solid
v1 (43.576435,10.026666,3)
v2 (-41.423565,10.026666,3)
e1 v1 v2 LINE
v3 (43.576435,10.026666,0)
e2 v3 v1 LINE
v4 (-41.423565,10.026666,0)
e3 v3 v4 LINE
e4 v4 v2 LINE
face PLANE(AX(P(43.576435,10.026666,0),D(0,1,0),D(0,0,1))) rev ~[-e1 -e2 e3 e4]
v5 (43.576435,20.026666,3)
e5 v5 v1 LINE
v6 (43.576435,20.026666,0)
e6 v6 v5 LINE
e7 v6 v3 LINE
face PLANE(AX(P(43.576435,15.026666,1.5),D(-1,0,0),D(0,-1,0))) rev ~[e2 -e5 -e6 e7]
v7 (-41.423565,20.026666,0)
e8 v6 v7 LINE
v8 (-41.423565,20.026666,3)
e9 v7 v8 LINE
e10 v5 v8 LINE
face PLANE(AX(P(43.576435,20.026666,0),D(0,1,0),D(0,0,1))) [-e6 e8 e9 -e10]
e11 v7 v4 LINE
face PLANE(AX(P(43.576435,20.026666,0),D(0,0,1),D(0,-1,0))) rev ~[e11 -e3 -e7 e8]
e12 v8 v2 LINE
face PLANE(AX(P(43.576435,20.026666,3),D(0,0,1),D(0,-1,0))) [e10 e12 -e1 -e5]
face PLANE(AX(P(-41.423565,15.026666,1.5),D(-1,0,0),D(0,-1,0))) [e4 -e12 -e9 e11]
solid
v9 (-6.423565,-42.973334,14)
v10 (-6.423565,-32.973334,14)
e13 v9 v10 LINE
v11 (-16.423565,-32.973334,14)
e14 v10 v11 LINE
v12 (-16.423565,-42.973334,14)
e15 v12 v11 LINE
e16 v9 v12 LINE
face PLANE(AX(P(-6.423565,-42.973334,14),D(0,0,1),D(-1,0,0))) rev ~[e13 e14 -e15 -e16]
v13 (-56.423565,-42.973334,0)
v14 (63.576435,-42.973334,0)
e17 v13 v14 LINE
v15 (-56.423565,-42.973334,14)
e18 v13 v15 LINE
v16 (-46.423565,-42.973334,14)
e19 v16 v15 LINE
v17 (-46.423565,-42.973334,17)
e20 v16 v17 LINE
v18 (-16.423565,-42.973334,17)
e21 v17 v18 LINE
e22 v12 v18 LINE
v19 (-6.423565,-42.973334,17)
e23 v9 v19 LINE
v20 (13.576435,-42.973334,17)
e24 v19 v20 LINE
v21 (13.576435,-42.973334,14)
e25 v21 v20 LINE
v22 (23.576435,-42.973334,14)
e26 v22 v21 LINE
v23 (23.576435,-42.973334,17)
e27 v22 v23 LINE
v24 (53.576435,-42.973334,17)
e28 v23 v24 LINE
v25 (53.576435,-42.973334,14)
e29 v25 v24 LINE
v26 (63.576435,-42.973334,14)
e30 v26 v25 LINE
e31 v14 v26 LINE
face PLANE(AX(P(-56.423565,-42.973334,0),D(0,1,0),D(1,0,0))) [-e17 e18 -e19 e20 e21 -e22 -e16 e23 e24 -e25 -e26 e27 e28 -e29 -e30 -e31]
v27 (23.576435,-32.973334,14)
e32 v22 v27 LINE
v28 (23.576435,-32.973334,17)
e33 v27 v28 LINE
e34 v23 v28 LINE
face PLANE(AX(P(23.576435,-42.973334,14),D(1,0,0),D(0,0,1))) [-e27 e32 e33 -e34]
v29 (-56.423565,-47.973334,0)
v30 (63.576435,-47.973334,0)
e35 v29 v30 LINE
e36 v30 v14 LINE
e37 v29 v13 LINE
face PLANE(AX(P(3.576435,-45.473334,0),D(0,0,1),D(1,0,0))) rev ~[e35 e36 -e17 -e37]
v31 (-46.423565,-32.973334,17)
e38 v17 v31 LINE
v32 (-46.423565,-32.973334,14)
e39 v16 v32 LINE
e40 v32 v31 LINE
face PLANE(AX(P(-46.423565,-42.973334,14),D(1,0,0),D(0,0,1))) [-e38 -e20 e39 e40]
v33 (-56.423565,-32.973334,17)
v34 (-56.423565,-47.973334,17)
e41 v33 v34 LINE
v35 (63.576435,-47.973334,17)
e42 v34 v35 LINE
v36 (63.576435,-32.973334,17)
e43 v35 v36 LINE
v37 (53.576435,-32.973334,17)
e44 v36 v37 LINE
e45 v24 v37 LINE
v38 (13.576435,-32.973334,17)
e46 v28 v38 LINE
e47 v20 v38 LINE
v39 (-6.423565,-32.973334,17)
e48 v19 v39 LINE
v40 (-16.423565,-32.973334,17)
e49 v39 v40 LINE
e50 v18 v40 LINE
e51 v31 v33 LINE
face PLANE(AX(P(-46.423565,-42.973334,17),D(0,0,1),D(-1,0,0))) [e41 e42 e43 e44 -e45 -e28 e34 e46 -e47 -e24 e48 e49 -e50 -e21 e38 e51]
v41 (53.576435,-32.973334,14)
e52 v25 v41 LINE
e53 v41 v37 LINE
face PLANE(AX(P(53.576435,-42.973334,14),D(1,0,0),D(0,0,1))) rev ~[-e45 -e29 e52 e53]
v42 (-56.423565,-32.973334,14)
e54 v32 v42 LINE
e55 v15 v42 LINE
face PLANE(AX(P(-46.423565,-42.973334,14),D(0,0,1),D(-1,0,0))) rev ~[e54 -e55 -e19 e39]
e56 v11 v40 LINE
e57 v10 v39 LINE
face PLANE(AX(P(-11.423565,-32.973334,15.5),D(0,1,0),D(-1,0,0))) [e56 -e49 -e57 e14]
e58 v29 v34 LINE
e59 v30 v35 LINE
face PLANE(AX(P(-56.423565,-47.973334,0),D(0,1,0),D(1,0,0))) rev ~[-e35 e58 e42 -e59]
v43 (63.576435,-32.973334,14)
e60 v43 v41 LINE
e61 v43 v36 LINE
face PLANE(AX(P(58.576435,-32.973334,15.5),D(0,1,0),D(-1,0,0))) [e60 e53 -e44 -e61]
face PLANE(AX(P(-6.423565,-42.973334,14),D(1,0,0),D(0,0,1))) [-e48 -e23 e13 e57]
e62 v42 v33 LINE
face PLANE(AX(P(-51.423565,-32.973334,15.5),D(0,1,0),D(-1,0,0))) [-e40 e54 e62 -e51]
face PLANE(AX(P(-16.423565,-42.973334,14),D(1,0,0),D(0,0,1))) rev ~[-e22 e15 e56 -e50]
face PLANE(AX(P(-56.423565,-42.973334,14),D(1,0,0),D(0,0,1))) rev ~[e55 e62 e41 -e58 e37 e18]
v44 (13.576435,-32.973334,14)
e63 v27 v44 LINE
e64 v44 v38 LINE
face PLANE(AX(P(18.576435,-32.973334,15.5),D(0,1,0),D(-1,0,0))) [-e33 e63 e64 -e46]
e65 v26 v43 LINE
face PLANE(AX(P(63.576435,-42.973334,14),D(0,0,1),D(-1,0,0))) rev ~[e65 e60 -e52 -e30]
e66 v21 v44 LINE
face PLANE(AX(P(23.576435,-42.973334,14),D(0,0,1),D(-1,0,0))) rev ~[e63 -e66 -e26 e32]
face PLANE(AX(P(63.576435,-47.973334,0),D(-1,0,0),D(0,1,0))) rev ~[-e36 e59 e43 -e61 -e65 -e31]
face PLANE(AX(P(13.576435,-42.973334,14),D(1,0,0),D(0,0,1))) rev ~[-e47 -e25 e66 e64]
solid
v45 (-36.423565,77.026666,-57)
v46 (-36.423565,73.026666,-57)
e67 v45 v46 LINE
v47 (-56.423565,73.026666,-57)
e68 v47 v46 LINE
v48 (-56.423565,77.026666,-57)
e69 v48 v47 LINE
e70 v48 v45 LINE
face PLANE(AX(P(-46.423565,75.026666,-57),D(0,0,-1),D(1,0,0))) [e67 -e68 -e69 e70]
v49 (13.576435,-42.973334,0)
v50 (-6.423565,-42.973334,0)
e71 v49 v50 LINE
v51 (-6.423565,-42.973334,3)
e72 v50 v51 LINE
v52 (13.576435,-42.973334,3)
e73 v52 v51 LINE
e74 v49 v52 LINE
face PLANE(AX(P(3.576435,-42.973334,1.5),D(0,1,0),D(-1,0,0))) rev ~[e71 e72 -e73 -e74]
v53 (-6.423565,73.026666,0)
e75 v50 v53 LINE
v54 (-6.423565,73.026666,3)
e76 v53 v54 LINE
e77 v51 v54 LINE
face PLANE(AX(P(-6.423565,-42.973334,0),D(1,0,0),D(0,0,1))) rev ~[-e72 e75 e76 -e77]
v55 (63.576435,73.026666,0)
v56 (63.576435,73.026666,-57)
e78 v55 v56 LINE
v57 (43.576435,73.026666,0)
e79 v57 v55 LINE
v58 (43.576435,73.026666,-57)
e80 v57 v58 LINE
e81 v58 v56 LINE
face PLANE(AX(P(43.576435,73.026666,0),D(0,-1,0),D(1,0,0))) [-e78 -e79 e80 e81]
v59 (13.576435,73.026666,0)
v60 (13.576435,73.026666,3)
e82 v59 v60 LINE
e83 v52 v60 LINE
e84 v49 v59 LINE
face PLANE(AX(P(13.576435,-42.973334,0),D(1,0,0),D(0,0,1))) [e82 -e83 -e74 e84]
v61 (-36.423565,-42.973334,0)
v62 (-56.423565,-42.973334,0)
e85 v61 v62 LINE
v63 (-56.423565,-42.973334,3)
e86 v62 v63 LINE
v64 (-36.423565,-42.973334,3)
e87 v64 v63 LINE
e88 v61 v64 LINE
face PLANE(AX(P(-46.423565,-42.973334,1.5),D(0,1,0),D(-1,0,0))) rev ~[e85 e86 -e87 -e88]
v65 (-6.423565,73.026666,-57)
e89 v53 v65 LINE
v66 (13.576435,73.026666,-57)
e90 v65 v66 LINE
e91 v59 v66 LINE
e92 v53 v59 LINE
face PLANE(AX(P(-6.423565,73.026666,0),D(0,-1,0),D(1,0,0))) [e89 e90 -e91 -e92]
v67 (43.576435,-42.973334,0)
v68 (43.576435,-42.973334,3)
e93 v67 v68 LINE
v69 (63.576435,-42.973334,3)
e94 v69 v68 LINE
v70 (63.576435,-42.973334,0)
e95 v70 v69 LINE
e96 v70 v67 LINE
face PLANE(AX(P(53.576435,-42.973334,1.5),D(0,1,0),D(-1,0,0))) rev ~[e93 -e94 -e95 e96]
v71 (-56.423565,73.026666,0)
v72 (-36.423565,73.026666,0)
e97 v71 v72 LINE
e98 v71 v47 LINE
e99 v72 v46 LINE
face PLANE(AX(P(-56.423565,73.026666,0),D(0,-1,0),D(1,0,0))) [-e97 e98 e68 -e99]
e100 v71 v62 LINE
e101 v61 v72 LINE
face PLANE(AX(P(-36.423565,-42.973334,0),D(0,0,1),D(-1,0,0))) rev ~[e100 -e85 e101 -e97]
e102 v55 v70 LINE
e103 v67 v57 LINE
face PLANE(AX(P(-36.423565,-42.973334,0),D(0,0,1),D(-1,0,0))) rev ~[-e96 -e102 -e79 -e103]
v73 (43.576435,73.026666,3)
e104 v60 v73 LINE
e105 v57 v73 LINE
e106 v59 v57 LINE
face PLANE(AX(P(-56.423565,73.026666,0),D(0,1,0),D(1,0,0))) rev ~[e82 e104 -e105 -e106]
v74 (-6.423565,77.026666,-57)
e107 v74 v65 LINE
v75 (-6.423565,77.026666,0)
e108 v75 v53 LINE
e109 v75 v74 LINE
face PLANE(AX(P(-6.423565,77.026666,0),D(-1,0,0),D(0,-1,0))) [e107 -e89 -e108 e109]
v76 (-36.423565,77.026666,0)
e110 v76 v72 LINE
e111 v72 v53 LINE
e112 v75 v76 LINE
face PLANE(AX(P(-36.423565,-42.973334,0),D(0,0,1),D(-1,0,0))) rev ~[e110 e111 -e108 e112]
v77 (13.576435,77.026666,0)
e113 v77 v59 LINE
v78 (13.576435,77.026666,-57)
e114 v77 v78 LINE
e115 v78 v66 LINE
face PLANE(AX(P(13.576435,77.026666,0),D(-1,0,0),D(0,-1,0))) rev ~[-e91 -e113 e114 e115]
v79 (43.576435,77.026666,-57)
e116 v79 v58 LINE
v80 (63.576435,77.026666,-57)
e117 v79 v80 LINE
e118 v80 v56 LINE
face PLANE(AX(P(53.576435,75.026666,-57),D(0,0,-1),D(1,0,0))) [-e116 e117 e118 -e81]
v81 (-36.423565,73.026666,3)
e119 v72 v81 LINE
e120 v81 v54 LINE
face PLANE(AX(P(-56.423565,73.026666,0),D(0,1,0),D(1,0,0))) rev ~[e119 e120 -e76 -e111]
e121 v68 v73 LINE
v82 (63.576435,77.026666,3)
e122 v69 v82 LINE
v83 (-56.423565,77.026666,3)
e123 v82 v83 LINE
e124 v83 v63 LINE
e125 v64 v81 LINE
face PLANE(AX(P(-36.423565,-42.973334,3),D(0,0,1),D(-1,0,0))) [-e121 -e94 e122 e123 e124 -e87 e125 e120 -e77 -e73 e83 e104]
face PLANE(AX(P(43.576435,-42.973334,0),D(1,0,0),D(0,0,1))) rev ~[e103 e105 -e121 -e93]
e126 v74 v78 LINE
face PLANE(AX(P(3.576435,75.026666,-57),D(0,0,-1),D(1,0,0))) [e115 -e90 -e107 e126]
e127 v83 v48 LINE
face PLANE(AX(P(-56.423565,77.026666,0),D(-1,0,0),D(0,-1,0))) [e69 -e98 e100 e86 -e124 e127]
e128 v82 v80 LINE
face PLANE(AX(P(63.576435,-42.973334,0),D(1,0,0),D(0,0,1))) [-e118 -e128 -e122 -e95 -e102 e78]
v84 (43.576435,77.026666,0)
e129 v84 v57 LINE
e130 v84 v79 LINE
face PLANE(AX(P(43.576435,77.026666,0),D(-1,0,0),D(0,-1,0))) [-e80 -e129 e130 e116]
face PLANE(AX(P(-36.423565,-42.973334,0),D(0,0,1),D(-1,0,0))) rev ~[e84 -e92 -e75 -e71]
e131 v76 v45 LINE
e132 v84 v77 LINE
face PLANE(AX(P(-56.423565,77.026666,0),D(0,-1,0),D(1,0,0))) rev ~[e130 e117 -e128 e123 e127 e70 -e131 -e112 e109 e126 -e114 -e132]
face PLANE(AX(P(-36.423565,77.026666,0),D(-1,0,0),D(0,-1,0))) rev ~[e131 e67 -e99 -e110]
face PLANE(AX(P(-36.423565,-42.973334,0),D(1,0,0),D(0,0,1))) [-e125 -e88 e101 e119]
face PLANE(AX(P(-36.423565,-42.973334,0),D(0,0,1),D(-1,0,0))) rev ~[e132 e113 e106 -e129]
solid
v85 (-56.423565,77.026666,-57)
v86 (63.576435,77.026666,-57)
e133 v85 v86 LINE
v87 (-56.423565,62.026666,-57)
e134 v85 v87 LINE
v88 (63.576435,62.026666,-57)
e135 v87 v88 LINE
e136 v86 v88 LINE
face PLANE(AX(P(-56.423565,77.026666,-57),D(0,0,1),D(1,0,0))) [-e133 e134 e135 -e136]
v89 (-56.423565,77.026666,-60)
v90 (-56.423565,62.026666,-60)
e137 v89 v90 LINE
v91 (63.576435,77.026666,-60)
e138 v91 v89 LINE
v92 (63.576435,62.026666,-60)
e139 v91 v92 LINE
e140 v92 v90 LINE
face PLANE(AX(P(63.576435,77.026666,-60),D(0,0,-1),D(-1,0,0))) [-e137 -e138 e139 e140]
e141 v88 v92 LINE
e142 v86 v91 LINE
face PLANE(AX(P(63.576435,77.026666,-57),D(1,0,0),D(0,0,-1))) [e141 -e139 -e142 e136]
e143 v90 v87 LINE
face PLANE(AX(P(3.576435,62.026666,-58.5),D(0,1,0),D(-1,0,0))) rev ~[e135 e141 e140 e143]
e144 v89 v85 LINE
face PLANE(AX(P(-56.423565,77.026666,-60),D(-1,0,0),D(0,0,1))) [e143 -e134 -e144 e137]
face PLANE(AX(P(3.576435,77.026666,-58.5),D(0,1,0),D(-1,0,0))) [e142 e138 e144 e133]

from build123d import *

# Parameters (mm, degrees)
F0_W      = 120
F0_H      = 5
F1_DEPTH  = 17
F2_W      = 10
F2_H      = 3
F3_DEPTH  = 10
F4_W      = 20
F4_H      = 3
F5_DEPTH  = 120
F6_W      = 120
F6_H      = 4
F7_DEPTH  = 3
F8_W      = 20
F8_H      = 4
F9_DEPTH  = 57
F11_DEPTH = 15
F12_W     = 10
F12_H     = 3
F13_DEPTH = 85


with BuildPart() as f1:
    # F0 (on Top) → F1 (new body)
    with BuildSketch(Plane.XY):
        with Locations((3.5764351487, -45.4733344002)):
            Rectangle(F0_W, F0_H)
    extrude(amount=F1_DEPTH)

    # F2 (on face) → F3 (join)
    with BuildSketch(Plane(origin=(0, -42.9733344002, 0), x_dir=(-1, 0, 0), z_dir=(0, 1, 0))):
        with Locations((51.4235648513, 15.5)):
            Rectangle(F2_W, F2_H)
        with Locations((-58.5764351487, 15.5)):
            Rectangle(F2_W, F2_H)
        with Locations((11.4235648513, 15.5)):
            Rectangle(F2_W, F2_H)
        with Locations((-18.5764351487, 15.5)):
            Rectangle(F2_W, F2_H)
    extrude(amount=F3_DEPTH)


with BuildPart() as f5:
    # F4 (on face) → F5 (new body)
    with BuildSketch(Plane(origin=(0, -42.9733344002, 0), x_dir=(-1, 0, 0), z_dir=(0, 1, 0))):
        with Locations((46.4235648513, 1.5)):
            Rectangle(F4_W, F4_H)
    extrude(amount=F5_DEPTH)



with BuildPart() as f5b:
    # F4 (on face) → F5, piece 2 (new body)
    with BuildSketch(Plane(origin=(0, -42.9733344002, 0), x_dir=(-1, 0, 0), z_dir=(0, 1, 0))):
        with Locations((-3.5764351487, 1.5)):
            Rectangle(F4_W, F4_H)
    extrude(amount=F5_DEPTH)


with BuildPart() as f5c:
    # F4 (on face) → F5, piece 3 (new body)
    with BuildSketch(Plane(origin=(0, -42.9733344002, 0), x_dir=(-1, 0, 0), z_dir=(0, 1, 0))):
        with Locations((-53.5764351487, 1.5)):
            Rectangle(F4_W, F4_H)
    extrude(amount=F5_DEPTH)


with BuildPart() as f5_1:
    add(f5.part)

    add(f5b.part)  # F7 merges F5b

    add(f5c.part)  # F7 merges F5c
    # F6 (on face) → F7 (join)
    with BuildSketch(Plane(origin=(0, 0, 0), x_dir=(1, 0, 0), z_dir=(0, 0, -1))):
        with Locations((3.5764351487, -75.0266655998)):
            Rectangle(F6_W, F6_H)
    extrude(amount=-F7_DEPTH)

    # F8 (on face) → F9 (join)
    with BuildSketch(Plane(origin=(0, 0, 0), x_dir=(1, 0, 0), z_dir=(0, 0, -1))):
        with Locations((-46.4235648513, -75.0266655998)):
            Rectangle(F8_W, F8_H)
        with Locations((3.5764351487, -75.0266655998)):
            Rectangle(F8_W, F8_H)
        with Locations((53.5764351487, -75.0266655998)):
            Rectangle(F8_W, F8_H)
    extrude(amount=F9_DEPTH)


with BuildPart() as f11:
    # F10 (on face) → F11 (new body)
    with BuildSketch(Plane(origin=(0, 77.0266655998, 0), x_dir=(-1, 0, 0), z_dir=(0, 1, 0))):
        Polygon((56.4235648513, -60), (56.4235648513, -57), (36.4235648513, -57), (6.4235648513, -57), (-13.5764351487, -57), (-43.5764351487, -57), (-63.5764351487, -57), (-63.5764351487, -60), align=None)
    extrude(amount=-F11_DEPTH)


with BuildPart() as f13:
    # F12 (on face) → F13 (new body)
    with BuildSketch(Plane(origin=(43.5764351487, 0, 0), x_dir=(0, -1, 0), z_dir=(-1, 0, 0))):
        with Locations((-15.0266655998, 1.5)):
            Rectangle(F12_W, F12_H)
    extrude(amount=F13_DEPTH)


solid = Compound([f1.part, f5_1.part, f11.part, f13.part])
